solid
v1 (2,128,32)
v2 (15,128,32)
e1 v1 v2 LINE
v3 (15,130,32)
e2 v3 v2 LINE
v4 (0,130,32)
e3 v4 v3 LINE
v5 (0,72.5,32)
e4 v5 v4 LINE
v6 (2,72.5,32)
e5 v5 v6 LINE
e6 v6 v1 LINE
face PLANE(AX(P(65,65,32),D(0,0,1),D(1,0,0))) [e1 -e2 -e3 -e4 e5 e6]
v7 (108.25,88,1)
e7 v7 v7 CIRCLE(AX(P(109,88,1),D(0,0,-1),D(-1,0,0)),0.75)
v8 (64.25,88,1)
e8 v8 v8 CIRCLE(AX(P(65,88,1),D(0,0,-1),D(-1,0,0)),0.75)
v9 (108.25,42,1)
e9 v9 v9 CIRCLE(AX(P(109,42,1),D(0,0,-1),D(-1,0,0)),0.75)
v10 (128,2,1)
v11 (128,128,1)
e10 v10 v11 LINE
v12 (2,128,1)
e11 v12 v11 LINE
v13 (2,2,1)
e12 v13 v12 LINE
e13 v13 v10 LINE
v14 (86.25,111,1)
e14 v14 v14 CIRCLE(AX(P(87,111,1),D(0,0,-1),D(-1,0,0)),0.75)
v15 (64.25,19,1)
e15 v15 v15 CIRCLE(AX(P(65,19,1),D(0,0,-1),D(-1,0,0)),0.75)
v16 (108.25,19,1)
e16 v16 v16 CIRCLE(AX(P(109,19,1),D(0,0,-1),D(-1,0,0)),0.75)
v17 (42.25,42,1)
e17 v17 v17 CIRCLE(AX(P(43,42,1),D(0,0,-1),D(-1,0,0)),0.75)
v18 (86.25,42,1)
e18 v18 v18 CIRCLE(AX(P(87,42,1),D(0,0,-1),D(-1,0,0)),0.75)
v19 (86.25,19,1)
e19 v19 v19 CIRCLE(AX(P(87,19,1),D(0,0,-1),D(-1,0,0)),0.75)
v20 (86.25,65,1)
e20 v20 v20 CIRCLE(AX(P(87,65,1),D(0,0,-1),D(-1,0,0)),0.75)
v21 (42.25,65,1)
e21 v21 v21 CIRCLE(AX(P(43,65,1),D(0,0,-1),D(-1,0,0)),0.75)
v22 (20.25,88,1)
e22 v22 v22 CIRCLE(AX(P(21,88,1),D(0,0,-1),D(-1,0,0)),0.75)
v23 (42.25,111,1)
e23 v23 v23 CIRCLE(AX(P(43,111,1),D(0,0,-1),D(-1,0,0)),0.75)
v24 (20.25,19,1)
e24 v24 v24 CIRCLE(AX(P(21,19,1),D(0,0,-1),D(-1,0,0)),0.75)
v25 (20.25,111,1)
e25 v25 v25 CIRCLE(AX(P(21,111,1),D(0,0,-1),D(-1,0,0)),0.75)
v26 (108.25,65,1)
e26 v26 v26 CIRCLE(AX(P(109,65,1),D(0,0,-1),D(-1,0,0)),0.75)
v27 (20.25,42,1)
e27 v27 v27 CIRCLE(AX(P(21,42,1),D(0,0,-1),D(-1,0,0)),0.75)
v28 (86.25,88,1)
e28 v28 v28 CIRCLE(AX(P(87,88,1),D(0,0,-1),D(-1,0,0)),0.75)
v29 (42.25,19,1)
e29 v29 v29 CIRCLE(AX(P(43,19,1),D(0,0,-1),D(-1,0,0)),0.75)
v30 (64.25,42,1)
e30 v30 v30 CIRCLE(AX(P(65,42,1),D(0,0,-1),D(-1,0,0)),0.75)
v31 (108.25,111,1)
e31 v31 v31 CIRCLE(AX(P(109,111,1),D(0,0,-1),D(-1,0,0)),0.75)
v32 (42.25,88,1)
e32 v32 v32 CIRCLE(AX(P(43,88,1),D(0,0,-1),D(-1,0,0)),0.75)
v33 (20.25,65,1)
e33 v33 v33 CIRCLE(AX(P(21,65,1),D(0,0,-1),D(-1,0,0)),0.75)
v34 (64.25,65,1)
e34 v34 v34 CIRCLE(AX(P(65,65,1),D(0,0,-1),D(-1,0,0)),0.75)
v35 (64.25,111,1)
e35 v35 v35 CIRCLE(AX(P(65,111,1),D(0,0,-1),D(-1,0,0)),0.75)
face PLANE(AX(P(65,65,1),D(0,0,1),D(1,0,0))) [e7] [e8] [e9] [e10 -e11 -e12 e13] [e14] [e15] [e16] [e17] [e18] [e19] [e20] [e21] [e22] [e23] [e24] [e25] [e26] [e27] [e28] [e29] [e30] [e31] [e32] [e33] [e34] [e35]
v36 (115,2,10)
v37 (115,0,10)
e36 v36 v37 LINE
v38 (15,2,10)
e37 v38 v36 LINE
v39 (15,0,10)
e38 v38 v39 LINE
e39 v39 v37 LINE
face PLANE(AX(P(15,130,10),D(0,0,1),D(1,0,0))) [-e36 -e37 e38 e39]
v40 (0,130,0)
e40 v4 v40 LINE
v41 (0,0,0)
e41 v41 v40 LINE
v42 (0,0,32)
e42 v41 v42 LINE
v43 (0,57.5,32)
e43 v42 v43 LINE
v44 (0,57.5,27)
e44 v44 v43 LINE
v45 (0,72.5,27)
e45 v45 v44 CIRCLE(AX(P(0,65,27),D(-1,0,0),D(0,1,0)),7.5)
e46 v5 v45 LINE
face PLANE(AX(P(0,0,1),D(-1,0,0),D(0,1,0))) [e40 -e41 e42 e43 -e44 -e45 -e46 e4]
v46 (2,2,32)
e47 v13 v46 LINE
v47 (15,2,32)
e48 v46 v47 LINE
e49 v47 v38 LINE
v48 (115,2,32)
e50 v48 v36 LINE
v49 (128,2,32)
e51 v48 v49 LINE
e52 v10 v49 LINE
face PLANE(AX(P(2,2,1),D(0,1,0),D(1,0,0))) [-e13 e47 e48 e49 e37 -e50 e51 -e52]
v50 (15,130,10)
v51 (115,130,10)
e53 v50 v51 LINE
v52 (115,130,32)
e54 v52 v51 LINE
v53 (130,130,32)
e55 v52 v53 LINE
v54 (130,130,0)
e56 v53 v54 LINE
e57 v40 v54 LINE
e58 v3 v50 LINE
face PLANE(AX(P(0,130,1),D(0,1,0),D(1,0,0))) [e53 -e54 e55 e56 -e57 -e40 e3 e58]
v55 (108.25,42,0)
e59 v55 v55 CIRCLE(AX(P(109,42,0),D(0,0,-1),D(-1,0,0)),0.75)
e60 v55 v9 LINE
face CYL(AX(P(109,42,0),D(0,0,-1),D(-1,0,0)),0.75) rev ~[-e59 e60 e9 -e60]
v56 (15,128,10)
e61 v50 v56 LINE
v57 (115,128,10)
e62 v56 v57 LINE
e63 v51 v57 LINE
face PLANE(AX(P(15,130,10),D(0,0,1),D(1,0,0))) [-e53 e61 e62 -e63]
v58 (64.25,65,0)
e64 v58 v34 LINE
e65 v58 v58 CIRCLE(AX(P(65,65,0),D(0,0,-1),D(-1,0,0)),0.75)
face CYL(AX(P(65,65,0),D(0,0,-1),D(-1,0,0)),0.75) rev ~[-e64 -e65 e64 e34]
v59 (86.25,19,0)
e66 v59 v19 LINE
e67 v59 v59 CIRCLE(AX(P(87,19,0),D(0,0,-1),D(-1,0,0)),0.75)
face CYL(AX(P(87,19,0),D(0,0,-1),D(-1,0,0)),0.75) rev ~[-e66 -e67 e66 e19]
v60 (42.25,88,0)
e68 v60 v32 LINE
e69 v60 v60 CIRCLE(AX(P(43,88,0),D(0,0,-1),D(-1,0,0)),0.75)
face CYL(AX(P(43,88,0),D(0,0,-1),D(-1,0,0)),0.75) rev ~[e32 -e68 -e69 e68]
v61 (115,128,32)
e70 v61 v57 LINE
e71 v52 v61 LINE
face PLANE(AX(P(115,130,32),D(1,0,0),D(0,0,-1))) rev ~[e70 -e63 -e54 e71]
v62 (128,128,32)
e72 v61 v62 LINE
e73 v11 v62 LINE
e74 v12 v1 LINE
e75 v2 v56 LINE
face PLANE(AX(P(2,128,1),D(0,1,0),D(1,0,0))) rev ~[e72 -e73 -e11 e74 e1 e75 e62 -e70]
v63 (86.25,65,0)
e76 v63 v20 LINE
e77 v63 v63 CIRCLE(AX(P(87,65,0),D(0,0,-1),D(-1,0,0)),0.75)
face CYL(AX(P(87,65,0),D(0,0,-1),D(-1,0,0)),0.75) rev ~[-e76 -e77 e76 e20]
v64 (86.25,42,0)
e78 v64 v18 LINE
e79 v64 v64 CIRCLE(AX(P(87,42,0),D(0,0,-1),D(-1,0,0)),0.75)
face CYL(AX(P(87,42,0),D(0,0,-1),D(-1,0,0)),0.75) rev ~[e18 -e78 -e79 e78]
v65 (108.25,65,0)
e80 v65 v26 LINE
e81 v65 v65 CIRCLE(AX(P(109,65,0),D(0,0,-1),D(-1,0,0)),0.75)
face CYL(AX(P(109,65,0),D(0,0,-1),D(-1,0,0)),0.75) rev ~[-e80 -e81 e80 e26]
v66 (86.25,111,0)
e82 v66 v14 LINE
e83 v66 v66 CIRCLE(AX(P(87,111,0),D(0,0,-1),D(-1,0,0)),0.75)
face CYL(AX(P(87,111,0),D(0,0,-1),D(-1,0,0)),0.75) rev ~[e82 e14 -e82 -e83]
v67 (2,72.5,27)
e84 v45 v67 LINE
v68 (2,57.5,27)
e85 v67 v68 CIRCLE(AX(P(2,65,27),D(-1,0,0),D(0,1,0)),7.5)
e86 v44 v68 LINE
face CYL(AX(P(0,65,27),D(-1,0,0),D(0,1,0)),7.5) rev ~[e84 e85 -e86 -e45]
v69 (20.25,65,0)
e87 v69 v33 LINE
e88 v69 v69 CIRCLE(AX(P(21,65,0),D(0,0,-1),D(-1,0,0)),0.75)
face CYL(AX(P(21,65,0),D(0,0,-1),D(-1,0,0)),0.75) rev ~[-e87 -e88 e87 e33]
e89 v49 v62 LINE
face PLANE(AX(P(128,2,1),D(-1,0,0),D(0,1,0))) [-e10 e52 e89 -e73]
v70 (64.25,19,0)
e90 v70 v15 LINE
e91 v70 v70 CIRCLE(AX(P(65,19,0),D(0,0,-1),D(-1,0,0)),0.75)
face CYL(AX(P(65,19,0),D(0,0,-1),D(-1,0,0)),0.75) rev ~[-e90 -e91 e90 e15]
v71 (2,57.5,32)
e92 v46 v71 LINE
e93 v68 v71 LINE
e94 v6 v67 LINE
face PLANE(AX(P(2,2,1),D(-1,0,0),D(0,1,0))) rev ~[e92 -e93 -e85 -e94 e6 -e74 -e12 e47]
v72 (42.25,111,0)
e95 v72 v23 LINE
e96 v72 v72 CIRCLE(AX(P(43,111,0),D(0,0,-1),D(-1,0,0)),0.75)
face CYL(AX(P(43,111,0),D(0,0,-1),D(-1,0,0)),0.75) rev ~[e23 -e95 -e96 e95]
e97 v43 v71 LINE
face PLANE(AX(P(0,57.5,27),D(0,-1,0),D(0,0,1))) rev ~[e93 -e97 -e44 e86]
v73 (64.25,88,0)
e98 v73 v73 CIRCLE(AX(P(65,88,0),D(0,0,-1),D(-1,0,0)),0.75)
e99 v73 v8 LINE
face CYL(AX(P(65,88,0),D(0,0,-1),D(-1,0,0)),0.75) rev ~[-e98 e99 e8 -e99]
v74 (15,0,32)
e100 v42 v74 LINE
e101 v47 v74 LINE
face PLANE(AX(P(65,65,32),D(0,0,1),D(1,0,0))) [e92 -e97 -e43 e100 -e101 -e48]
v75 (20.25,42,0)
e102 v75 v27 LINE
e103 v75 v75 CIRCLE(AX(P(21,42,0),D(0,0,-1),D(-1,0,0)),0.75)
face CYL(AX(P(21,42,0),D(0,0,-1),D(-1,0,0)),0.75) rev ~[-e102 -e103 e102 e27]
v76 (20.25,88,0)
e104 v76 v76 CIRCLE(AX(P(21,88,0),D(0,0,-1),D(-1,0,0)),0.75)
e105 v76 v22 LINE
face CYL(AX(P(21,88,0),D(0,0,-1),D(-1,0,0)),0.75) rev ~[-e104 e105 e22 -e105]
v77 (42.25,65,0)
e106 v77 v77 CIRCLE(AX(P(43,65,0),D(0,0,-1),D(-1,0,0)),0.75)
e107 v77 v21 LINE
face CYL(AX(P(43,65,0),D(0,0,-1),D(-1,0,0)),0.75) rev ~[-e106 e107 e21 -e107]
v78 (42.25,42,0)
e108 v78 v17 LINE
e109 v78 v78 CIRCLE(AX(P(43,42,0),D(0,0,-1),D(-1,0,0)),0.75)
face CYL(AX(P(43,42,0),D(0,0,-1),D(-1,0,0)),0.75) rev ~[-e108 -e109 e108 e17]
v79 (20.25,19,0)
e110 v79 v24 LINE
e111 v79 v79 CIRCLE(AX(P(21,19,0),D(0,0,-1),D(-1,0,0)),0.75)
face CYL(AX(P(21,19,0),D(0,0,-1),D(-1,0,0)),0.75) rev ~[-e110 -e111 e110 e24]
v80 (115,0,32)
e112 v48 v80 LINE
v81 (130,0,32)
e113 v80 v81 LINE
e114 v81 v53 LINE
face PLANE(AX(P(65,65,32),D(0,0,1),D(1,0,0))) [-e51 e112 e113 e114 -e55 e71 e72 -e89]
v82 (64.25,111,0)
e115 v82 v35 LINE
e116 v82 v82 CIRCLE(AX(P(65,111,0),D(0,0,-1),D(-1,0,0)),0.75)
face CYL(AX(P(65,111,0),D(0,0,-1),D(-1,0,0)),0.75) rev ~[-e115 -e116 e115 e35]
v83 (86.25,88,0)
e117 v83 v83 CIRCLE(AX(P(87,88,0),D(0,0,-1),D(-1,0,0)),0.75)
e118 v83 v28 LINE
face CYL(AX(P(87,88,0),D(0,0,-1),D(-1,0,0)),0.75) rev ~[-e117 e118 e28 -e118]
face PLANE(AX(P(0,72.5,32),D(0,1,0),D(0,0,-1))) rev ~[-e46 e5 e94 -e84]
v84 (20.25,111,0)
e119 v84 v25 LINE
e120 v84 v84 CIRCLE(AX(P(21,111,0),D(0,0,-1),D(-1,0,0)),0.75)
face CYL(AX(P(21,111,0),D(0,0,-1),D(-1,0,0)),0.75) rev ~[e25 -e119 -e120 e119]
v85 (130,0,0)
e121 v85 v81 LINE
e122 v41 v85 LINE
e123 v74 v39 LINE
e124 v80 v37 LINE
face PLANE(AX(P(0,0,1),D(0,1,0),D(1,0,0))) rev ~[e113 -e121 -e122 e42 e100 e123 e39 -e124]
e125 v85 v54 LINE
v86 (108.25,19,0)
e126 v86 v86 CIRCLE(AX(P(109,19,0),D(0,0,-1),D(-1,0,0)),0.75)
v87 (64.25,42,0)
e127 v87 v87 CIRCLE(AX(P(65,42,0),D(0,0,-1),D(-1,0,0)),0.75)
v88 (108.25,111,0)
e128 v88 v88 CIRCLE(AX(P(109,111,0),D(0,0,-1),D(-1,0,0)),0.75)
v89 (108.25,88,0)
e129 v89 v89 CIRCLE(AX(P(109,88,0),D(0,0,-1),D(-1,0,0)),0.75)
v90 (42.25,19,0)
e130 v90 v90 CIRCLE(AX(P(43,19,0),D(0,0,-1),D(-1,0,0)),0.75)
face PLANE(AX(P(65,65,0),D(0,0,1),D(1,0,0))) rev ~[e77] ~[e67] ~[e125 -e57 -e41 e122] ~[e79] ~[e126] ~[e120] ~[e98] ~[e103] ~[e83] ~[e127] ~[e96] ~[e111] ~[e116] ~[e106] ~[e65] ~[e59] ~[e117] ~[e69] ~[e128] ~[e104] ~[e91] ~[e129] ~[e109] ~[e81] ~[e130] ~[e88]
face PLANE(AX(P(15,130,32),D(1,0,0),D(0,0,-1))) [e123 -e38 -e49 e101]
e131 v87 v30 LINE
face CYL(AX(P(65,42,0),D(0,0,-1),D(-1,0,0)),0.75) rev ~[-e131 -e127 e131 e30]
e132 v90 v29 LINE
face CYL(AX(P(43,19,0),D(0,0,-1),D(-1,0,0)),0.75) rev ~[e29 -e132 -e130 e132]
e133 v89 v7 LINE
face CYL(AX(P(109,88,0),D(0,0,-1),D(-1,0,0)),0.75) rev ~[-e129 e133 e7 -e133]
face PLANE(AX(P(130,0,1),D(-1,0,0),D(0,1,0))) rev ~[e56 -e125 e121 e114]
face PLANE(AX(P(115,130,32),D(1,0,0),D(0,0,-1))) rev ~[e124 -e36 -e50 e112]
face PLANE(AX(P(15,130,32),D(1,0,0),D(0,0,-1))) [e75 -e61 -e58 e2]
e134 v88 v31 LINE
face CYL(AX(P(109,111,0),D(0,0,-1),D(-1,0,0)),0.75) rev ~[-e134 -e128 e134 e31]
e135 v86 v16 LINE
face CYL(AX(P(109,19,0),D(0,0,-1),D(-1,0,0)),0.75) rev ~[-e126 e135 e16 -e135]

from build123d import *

# Parameters (mm, degrees)
ESQUISSE1_W             = 130
ESQUISSE1_H             = 130
BOSS_EXTRU_1_DEPTH      = 1
ESQUISSE2_W             = 130
ESQUISSE2_H             = 130
ESQUISSE2_W_2           = 126
ESQUISSE2_H_2           = 126
BOSS_EXTRU_2_DEPTH      = 31
ENL_V_MAT_EXTRU_1_DEPTH = 2
ESQUISSE6_W             = 100
ESQUISSE6_H             = 22
ENL_V_MAT_EXTRU_2_DEPTH = 187.611896727
ESQUISSE5_R             = 0.75
ENL_V_MAT_EXTRU_3_DEPTH = 1


with BuildPart() as part:
    # Esquisse1 → Boss.-Extru.1 (new body)
    with BuildSketch(Plane.XY):
        with Locations((65, 65)):
            Rectangle(ESQUISSE1_W, ESQUISSE1_H)
    extrude(amount=BOSS_EXTRU_1_DEPTH)

    # Esquisse2 → Boss.-Extru.2 (add)
    with BuildSketch(Plane.XY.offset(1)):
        with Locations((65, 65)):
            Rectangle(ESQUISSE2_W, ESQUISSE2_H)
        with Locations((65, 65)):
            Rectangle(ESQUISSE2_W_2, ESQUISSE2_H_2, mode=Mode.SUBTRACT)
    extrude(amount=BOSS_EXTRU_2_DEPTH)

    # Esquisse3 → Enlèv. mat.-Extru.1 (cut)
    with BuildSketch(Plane.ZY):
        with BuildLine():
            Line((32, 57.5), (32, 72.5))
            Line((32, 72.5), (27, 72.5))
            ThreePointArc((27, 72.5), (19.5, 65), (27, 57.5))
            Line((27, 57.5), (32, 57.5))
        make_face()
    extrude(amount=-ENL_V_MAT_EXTRU_1_DEPTH, mode=Mode.SUBTRACT)

    # Esquisse6 → Enlèv. mat.-Extru.2 (cut, through all)
    with BuildSketch(Plane(origin=(0, 130, 0), x_dir=(1, 0, 0), z_dir=(0, 1, 0))):
        with Locations((65, -21)):
            Rectangle(ESQUISSE6_W, ESQUISSE6_H)
    extrude(amount=-ENL_V_MAT_EXTRU_2_DEPTH, mode=Mode.SUBTRACT)

    # Esquisse5 → Enlèv. mat.-Extru.3 (cut)
    with BuildSketch(Plane(origin=(0, 0, 0), x_dir=(-1, 0, 0), z_dir=(0, 0, -1))):
        with Locations((-109, 111)):
            Circle(ESQUISSE5_R)
        with Locations((-87, 111)):
            Circle(ESQUISSE5_R)
        with Locations((-65, 111)):
            Circle(ESQUISSE5_R)
        with Locations((-43, 111)):
            Circle(ESQUISSE5_R)
        with Locations((-21, 111)):
            Circle(ESQUISSE5_R)
        with Locations((-109, 88)):
            Circle(ESQUISSE5_R)
        with Locations((-87, 88)):
            Circle(ESQUISSE5_R)
        with Locations((-65, 88)):
            Circle(ESQUISSE5_R)
        with Locations((-43, 88)):
            Circle(ESQUISSE5_R)
        with Locations((-21, 88)):
            Circle(ESQUISSE5_R)
        with Locations((-109, 65)):
            Circle(ESQUISSE5_R)
        with Locations((-87, 65)):
            Circle(ESQUISSE5_R)
        with Locations((-65, 65)):
            Circle(ESQUISSE5_R)
        with Locations((-43, 65)):
            Circle(ESQUISSE5_R)
        with Locations((-21, 65)):
            Circle(ESQUISSE5_R)
        with Locations((-109, 42)):
            Circle(ESQUISSE5_R)
        with Locations((-87, 42)):
            Circle(ESQUISSE5_R)
        with Locations((-65, 42)):
            Circle(ESQUISSE5_R)
        with Locations((-43, 42)):
            Circle(ESQUISSE5_R)
        with Locations((-21, 42)):
            Circle(ESQUISSE5_R)
        with Locations((-109, 19)):
            Circle(ESQUISSE5_R)
        with Locations((-87, 19)):
            Circle(ESQUISSE5_R)
        with Locations((-65, 19)):
            Circle(ESQUISSE5_R)
        with Locations((-43, 19)):
            Circle(ESQUISSE5_R)
        with Locations((-21, 19)):
            Circle(ESQUISSE5_R)
    extrude(amount=-ENL_V_MAT_EXTRU_3_DEPTH, mode=Mode.SUBTRACT)


solid = part.part
